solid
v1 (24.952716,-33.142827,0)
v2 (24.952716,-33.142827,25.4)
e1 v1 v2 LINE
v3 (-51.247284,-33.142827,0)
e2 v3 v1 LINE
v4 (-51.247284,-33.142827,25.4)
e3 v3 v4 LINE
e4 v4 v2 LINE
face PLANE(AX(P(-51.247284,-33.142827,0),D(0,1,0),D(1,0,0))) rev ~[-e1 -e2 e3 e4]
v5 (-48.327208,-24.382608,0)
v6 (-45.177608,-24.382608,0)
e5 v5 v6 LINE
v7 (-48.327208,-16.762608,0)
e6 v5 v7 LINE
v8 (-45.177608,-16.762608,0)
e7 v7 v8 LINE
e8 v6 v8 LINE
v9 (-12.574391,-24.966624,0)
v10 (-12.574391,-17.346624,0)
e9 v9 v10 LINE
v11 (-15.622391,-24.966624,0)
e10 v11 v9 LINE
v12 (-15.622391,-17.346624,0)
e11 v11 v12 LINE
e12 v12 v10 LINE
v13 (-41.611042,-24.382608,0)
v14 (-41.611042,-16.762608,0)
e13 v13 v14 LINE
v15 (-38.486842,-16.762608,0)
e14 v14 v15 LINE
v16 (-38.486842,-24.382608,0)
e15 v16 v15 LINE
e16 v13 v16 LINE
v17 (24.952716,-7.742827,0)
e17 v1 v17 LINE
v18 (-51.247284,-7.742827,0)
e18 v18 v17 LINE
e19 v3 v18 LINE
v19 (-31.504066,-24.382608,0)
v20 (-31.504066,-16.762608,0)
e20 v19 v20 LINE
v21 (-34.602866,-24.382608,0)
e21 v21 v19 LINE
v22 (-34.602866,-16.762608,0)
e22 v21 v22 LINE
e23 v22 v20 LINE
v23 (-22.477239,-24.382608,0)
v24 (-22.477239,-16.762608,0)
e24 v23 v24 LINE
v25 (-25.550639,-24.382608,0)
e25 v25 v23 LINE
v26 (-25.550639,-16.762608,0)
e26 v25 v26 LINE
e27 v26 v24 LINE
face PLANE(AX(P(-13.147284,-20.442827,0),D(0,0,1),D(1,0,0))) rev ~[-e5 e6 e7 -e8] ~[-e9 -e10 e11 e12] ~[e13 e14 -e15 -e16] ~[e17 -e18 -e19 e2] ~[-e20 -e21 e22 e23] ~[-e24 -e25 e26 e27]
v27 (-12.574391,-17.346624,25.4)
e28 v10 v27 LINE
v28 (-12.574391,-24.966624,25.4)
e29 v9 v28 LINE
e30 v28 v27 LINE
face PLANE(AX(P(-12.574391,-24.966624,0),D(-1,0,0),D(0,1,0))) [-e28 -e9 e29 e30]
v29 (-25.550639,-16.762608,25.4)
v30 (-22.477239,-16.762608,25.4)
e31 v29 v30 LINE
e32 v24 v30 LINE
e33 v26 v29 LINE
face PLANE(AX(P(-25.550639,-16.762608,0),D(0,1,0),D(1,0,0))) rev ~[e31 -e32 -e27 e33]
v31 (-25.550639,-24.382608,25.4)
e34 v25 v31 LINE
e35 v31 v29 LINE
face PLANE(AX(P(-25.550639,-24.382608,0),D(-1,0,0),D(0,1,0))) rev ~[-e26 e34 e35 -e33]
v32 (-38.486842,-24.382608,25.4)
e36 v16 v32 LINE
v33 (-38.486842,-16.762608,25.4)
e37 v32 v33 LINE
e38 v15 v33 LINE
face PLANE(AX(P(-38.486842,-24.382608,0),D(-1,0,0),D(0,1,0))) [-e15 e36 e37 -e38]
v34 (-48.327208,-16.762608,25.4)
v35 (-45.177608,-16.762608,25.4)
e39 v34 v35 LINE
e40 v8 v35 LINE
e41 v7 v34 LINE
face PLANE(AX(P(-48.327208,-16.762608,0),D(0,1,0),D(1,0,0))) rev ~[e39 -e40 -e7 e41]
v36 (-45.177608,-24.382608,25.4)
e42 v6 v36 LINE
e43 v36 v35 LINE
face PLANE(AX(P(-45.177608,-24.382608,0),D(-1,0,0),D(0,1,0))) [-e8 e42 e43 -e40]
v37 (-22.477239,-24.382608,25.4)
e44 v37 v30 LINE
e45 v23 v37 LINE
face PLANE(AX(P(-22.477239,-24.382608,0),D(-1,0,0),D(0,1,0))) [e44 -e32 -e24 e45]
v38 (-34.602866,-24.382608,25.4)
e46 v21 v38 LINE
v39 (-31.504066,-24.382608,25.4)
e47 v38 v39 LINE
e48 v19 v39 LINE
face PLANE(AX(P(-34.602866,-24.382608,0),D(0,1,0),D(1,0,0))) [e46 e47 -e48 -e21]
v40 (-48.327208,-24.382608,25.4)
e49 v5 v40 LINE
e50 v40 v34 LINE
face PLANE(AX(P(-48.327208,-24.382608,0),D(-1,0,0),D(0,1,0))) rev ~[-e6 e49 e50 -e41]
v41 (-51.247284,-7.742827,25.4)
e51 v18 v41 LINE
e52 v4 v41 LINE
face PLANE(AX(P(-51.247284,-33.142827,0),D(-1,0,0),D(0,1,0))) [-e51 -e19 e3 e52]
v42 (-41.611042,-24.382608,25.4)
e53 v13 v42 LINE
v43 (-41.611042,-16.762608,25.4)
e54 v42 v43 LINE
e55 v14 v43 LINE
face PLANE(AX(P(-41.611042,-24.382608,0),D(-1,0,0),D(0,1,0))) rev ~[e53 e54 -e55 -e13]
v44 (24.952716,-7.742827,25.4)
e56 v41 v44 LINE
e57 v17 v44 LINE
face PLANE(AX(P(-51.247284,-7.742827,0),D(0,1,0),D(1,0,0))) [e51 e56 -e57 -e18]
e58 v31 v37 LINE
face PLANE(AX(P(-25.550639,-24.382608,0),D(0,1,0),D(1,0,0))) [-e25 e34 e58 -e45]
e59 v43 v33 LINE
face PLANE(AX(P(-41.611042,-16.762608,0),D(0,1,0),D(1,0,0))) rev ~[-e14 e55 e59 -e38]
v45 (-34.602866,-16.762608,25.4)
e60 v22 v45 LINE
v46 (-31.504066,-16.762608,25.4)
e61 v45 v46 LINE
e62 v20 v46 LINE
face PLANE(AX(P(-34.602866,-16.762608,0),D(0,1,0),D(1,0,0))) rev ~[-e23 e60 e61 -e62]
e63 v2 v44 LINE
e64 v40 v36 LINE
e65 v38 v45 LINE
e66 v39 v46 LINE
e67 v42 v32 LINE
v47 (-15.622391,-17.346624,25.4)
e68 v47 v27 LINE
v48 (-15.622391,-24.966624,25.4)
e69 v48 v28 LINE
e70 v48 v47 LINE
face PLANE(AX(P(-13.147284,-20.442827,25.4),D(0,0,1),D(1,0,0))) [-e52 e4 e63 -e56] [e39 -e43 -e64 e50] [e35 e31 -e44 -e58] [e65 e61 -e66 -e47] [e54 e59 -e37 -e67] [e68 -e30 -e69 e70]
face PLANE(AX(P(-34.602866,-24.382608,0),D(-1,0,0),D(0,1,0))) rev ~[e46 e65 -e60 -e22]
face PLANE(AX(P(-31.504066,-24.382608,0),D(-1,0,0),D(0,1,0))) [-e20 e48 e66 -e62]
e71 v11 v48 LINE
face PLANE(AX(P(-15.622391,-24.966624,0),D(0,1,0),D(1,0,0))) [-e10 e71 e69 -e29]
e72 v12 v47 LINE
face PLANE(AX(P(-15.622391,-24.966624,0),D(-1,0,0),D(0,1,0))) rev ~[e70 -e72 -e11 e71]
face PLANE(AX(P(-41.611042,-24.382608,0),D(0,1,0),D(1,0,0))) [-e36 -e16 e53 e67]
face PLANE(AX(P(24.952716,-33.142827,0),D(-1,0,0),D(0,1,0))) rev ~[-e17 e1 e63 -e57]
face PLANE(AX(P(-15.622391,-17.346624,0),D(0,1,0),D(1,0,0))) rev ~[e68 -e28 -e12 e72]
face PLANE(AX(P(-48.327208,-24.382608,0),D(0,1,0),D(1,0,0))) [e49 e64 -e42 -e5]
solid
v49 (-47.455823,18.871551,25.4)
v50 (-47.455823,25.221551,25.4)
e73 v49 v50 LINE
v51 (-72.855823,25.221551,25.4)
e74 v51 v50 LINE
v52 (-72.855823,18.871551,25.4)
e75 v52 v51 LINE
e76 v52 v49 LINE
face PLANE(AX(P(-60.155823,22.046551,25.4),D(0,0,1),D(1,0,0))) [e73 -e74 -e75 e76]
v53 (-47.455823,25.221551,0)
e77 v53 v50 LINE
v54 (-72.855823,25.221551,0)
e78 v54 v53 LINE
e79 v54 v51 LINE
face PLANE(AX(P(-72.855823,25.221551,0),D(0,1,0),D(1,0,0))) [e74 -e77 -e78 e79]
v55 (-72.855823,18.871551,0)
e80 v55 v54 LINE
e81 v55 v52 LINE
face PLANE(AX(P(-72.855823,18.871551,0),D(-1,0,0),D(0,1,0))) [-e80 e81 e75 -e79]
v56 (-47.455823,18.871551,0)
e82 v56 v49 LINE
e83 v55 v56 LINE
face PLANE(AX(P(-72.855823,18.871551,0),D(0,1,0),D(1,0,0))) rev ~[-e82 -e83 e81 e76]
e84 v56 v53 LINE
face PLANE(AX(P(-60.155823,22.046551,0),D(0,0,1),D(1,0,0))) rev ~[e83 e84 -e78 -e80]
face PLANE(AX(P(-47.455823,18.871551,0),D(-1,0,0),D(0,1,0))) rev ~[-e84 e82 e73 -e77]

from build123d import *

# Parameters (mm, degrees)
F0_W     = 25.4
F0_H     = 6.35
F0_W_2   = 76.2
F0_H_2   = 25.4
F0_W_3   = 3.1496
F0_H_3   = 7.62
F0_W_4   = 3.1242
F0_W_5   = 3.0988
F0_W_6   = 3.0734
F0_W_7   = 3.048
F1_DEPTH = 25.4


with BuildPart() as f1:
    # F0 (on Top) → F1 (new body)
    with BuildSketch(Plane.XY):
        with Locations((-60.155823, 22.046551)):
            Rectangle(F0_W, F0_H)
        with Locations((-13.147284, -20.442827)):
            Rectangle(F0_W_2, F0_H_2)
        with Locations((-46.752408, -20.572608)):
            Rectangle(F0_W_3, F0_H_3, mode=Mode.SUBTRACT)
        with Locations((-40.048942, -20.572608)):
            Rectangle(F0_W_4, F0_H_3, mode=Mode.SUBTRACT)
        with Locations((-33.053466, -20.572608)):
            Rectangle(F0_W_5, F0_H_3, mode=Mode.SUBTRACT)
        with Locations((-24.013939, -20.572608)):
            Rectangle(F0_W_6, F0_H_3, mode=Mode.SUBTRACT)
        with Locations((-14.098391, -21.156624)):
            Rectangle(F0_W_7, F0_H_3, mode=Mode.SUBTRACT)
    extrude(amount=F1_DEPTH)


solid = f1.part
